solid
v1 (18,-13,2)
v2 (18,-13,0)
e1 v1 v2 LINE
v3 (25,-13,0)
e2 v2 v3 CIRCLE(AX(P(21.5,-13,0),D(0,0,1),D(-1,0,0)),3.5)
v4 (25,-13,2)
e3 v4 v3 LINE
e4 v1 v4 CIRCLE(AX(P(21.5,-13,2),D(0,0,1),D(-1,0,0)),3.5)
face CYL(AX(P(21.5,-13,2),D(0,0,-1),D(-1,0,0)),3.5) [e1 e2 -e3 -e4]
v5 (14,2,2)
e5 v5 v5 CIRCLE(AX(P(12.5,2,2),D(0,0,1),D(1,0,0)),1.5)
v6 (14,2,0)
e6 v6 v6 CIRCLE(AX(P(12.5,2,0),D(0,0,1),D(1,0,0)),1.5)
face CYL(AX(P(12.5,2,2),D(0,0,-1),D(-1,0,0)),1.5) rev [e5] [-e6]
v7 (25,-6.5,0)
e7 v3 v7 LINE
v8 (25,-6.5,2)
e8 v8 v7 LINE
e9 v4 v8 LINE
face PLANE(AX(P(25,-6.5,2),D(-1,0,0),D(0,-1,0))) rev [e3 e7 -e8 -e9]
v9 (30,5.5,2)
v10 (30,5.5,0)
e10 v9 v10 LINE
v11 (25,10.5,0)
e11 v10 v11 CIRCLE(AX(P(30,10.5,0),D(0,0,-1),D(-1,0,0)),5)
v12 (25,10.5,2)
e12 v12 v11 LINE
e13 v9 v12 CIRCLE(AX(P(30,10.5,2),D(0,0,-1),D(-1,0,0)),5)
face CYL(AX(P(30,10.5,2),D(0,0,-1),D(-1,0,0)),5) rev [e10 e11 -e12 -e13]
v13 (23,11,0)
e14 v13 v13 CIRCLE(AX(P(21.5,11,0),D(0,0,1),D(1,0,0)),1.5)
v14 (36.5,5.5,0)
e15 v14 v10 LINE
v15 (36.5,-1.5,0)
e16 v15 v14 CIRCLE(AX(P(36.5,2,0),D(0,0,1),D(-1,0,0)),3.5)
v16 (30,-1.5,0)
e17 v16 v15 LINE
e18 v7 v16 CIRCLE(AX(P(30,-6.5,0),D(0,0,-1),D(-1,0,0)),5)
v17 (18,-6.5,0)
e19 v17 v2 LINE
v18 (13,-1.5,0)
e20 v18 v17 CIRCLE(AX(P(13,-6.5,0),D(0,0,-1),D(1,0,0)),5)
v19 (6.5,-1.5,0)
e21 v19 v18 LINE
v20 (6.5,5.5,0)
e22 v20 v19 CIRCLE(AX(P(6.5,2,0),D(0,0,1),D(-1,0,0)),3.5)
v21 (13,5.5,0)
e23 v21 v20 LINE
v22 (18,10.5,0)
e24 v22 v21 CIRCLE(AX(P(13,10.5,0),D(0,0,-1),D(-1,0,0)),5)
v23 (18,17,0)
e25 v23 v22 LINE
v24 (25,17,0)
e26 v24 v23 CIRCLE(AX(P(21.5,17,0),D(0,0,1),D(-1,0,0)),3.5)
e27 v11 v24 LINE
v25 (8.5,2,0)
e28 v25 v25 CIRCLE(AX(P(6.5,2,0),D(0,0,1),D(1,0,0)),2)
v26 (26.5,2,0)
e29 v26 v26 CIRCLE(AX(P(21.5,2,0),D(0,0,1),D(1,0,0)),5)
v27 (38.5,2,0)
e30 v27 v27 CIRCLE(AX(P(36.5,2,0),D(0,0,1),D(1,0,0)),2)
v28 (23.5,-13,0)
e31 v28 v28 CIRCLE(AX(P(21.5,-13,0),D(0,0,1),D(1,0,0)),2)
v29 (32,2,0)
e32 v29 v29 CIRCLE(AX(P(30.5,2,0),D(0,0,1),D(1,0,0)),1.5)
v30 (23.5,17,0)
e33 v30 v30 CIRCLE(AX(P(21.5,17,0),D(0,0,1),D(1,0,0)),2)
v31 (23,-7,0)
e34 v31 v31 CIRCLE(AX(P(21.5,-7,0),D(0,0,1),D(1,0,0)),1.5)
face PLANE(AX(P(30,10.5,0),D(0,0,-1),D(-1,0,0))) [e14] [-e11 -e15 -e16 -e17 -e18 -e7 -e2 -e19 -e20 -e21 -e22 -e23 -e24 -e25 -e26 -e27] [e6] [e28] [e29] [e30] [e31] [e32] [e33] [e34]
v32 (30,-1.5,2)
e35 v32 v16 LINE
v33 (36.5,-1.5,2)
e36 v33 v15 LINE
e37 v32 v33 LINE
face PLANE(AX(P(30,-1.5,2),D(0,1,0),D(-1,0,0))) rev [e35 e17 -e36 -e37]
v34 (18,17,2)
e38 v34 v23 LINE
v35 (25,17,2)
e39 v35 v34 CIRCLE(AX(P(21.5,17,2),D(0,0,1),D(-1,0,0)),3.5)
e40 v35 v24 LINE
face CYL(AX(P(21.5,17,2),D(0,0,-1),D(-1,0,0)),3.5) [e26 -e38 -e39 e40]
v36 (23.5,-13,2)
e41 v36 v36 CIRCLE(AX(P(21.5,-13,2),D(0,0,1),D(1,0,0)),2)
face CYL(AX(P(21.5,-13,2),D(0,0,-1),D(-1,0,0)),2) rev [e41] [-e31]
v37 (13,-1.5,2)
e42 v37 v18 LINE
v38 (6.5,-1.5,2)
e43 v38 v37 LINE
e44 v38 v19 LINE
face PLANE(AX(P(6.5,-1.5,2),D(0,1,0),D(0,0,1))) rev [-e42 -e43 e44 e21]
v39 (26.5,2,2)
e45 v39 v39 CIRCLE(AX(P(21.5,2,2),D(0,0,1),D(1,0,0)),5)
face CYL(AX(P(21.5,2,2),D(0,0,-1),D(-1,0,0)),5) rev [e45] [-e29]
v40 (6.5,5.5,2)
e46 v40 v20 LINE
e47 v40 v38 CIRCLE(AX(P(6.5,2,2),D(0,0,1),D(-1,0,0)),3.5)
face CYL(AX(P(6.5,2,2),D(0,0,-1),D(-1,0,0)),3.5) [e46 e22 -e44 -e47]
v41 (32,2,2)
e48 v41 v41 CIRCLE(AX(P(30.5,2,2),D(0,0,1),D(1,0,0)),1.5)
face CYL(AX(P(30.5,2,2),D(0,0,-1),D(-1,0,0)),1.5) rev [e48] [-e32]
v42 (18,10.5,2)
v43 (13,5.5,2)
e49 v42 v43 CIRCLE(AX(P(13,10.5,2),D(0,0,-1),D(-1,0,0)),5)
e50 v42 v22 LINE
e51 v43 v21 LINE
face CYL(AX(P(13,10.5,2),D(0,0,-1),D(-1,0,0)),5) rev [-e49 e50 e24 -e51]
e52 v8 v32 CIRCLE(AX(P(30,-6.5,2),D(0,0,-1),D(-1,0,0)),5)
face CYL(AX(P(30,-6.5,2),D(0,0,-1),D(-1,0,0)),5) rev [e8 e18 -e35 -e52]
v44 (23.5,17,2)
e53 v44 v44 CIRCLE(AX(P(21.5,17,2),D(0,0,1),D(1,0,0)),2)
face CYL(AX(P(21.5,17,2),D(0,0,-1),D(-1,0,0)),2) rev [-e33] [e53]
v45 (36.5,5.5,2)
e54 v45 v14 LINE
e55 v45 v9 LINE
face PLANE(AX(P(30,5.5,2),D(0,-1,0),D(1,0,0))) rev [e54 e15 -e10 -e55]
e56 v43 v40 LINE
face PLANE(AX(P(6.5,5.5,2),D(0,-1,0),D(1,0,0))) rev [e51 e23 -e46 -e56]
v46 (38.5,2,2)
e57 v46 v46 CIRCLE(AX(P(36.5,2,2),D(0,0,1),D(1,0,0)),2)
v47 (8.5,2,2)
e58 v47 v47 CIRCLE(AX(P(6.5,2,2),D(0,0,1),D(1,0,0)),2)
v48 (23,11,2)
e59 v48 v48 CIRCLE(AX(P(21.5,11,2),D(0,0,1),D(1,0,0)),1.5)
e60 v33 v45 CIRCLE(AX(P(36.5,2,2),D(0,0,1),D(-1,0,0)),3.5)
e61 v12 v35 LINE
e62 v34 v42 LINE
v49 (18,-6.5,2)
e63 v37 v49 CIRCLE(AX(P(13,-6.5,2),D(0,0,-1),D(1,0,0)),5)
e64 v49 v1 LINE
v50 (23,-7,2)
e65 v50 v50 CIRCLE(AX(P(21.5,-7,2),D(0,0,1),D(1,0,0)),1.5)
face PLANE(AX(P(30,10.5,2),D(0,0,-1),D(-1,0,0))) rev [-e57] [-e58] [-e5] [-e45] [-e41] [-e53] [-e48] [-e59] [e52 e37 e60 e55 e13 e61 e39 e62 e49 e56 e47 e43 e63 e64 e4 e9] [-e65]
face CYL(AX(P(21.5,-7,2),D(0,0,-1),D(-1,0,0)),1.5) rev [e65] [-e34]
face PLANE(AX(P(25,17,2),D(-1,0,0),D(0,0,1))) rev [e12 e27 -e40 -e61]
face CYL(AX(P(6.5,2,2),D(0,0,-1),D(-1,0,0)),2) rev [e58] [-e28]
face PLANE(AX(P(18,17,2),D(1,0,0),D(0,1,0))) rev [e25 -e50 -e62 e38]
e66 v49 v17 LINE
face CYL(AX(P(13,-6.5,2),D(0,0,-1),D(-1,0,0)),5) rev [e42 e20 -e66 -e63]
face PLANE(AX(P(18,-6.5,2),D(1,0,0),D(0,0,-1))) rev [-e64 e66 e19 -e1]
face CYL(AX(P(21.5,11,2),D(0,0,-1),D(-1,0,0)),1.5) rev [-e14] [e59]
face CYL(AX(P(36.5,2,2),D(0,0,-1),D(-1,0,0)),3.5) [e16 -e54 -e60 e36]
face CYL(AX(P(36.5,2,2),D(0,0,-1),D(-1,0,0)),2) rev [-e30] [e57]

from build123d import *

# Parameters (mm, degrees)
ESQUISSE1_R        = 5
ESQUISSE1_R_2      = 1.5
ESQUISSE1_R_3      = 2
BOSS_EXTRU_1_DEPTH = 2


with BuildPart() as part:
    # Esquisse1 → Boss.-Extru.1 (new body)
    with BuildSketch(Plane.XY):
        with BuildLine():
            Line((18, -6.5), (18, -13))
            ThreePointArc((18, -13), (21.5, -16.5), (25, -13))
            Line((25, -13), (25, -6.5))
            ThreePointArc((25, -6.5), (26.464466094, -2.964466094), (30, -1.5))
            Line((30, -1.5), (36.5, -1.5))
            ThreePointArc((36.5, -1.5), (40, 2), (36.5, 5.5))
            Line((36.5, 5.5), (30, 5.5))
            ThreePointArc((30, 5.5), (26.464466094, 6.964466094), (25, 10.5))
            Line((25, 10.5), (25, 17))
            ThreePointArc((25, 17), (21.5, 20.5), (18, 17))
            Line((18, 17), (18, 10.5))
            ThreePointArc((18, 10.5), (16.535533906, 6.964466094), (13, 5.5))
            Line((13, 5.5), (6.5, 5.5))
            ThreePointArc((6.5, 5.5), (3, 2), (6.5, -1.5))
            Line((6.5, -1.5), (13, -1.5))
            ThreePointArc((13, -1.5), (16.535533906, -2.964466094), (18, -6.5))
        make_face()
        with Locations((21.5, 2)):
            Circle(ESQUISSE1_R, mode=Mode.SUBTRACT)
        with Locations((12.5, 2)):
            Circle(ESQUISSE1_R_2, mode=Mode.SUBTRACT)
        with Locations((6.5, 2)):
            Circle(ESQUISSE1_R_3, mode=Mode.SUBTRACT)
        with Locations((21.5, 17)):
            Circle(ESQUISSE1_R_3, mode=Mode.SUBTRACT)
        with Locations((21.5, 11)):
            Circle(ESQUISSE1_R_2, mode=Mode.SUBTRACT)
        with Locations((36.5, 2)):
            Circle(ESQUISSE1_R_3, mode=Mode.SUBTRACT)
        with Locations((30.5, 2)):
            Circle(ESQUISSE1_R_2, mode=Mode.SUBTRACT)
        with Locations((21.5, -13)):
            Circle(ESQUISSE1_R_3, mode=Mode.SUBTRACT)
        with Locations((21.5, -7)):
            Circle(ESQUISSE1_R_2, mode=Mode.SUBTRACT)
    extrude(amount=BOSS_EXTRU_1_DEPTH)


solid = part.part
